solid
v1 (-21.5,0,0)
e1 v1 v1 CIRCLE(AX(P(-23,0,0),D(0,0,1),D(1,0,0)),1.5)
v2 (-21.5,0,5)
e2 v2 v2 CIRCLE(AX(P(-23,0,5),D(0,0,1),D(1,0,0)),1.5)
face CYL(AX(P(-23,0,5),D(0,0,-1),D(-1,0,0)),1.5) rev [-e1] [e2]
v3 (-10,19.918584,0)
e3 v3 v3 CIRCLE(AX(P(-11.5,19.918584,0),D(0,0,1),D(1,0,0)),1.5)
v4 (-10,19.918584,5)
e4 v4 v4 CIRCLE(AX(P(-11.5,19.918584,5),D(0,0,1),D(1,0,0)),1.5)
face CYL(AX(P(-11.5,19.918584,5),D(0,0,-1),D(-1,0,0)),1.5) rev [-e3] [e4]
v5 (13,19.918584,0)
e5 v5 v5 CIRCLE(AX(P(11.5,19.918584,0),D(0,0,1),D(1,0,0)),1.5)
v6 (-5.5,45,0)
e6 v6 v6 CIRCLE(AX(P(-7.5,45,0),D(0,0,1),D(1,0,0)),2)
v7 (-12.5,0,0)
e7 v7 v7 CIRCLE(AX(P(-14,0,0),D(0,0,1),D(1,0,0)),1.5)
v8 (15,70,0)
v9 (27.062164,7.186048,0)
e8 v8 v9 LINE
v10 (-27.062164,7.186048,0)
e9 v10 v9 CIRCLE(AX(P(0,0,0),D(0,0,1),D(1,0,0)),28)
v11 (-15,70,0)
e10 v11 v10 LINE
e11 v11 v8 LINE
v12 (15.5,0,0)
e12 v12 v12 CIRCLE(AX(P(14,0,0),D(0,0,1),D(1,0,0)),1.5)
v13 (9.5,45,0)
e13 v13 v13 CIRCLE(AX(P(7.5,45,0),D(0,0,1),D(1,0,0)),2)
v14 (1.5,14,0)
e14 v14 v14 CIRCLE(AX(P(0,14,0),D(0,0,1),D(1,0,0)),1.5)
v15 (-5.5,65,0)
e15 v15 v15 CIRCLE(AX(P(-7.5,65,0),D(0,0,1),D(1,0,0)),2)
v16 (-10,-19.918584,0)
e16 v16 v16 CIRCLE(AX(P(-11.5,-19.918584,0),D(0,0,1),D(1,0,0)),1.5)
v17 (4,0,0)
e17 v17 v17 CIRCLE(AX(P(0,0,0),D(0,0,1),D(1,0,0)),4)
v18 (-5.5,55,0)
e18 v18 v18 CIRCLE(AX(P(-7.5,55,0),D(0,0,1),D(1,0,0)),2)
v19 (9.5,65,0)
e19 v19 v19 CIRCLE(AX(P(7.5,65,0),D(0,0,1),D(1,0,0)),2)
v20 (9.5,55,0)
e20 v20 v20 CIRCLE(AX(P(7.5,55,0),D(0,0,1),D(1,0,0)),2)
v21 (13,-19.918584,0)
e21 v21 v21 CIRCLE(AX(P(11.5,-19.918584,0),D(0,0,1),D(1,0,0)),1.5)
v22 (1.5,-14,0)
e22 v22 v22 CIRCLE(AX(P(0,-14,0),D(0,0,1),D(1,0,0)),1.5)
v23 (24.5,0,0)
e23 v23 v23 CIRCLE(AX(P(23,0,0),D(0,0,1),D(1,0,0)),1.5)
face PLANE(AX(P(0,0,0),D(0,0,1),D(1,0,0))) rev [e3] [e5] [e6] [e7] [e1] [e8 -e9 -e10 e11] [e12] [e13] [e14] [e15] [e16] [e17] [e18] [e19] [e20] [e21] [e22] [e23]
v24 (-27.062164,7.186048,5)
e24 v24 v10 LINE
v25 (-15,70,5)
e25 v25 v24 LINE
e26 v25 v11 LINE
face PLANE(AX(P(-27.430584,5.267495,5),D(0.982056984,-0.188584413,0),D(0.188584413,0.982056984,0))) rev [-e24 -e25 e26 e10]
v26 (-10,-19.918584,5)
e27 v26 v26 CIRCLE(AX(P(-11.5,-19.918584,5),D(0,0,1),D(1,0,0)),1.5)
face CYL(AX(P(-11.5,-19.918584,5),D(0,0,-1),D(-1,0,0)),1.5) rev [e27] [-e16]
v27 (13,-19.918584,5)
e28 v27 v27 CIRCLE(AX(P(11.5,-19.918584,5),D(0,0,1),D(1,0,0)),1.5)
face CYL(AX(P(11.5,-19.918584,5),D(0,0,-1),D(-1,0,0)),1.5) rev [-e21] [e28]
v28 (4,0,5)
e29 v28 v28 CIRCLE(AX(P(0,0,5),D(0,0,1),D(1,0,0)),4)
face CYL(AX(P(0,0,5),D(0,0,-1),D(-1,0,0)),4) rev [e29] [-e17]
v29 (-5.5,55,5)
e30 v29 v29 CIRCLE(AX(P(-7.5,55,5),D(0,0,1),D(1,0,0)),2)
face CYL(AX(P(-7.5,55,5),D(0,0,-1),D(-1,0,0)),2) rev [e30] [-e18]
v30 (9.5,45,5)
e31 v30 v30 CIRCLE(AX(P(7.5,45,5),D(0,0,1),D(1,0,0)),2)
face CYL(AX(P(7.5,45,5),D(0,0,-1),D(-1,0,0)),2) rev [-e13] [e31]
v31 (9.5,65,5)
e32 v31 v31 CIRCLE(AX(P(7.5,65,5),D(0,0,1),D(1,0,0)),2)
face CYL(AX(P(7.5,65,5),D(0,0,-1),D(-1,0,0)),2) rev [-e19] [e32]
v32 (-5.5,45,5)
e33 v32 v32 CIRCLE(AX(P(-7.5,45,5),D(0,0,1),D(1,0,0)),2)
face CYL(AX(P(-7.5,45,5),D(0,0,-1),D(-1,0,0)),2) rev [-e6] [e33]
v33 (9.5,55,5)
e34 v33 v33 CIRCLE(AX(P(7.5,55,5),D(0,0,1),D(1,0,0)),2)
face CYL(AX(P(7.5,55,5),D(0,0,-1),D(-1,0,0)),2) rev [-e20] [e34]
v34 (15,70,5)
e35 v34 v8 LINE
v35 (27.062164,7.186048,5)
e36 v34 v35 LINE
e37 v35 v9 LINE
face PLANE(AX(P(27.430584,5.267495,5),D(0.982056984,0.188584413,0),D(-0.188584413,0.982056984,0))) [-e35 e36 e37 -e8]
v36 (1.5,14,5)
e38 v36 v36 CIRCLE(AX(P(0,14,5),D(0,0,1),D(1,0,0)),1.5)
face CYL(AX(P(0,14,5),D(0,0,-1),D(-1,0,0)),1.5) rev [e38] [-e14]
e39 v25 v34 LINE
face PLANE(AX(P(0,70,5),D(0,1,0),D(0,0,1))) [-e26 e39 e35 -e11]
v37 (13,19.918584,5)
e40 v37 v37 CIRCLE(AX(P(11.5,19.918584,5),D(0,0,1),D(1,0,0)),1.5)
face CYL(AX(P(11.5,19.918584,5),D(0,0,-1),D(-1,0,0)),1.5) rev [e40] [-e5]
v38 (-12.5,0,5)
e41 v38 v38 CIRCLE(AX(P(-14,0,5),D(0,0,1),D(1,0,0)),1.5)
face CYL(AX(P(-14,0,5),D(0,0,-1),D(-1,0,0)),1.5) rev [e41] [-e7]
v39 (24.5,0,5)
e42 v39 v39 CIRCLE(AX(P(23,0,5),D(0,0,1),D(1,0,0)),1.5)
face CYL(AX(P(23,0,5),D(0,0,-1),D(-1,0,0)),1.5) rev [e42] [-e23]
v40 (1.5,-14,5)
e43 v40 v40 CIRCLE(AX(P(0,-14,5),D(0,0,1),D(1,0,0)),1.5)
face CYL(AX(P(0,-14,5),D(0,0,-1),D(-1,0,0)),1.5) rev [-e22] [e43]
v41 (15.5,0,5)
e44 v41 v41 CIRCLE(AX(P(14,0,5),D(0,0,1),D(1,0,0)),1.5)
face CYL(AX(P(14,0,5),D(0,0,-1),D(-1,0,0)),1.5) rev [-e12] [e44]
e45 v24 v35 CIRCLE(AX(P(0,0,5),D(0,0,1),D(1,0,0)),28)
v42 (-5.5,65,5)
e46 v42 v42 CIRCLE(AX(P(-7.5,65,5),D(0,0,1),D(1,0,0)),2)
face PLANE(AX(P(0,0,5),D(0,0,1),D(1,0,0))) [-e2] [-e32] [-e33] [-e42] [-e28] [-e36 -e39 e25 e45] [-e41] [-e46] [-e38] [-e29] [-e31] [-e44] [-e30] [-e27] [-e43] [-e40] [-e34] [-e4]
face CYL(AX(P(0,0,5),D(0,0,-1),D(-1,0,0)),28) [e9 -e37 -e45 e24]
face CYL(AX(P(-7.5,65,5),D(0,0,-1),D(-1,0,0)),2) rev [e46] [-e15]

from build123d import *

# Parameters (mm, degrees)
SKETCH1_R           = 1.5
SKETCH1_R_2         = 4
SKETCH1_R_3         = 2
BOSS_EXTRUDE1_DEPTH = 5


with BuildPart() as part:
    # Sketch1 → Boss-Extrude1 (new body)
    with BuildSketch(Plane.XY):
        with BuildLine():
            Line((-15, 70), (-27.062163807, 7.186048295))
            ThreePointArc((-27.062163807, 7.186048295), (0, -28), (27.062163807, 7.186048295))
            Line((27.062163807, 7.186048295), (15, 70))
            Line((15, 70), (-15, 70))
        make_face()
        with Locations((-23, 0)):
            Circle(SKETCH1_R, mode=Mode.SUBTRACT)
        with Locations((-14, 0)):
            Circle(SKETCH1_R, mode=Mode.SUBTRACT)
        with Locations((-11.5, -19.918584287)):
            Circle(SKETCH1_R, mode=Mode.SUBTRACT)
        with Locations((0, -14)):
            Circle(SKETCH1_R, mode=Mode.SUBTRACT)
        with Locations((-11.5, 19.918584287)):
            Circle(SKETCH1_R, mode=Mode.SUBTRACT)
        with BuildLine():
            ThreePointArc((0, 12.5), (-1.5, 14), (0, 15.5))
            ThreePointArc((0, 15.5), (1.5, 14), (0, 12.5))
        make_face(mode=Mode.SUBTRACT)
        with Locations((11.5, -19.918584287)):
            Circle(SKETCH1_R, mode=Mode.SUBTRACT)
        Circle(SKETCH1_R_2, mode=Mode.SUBTRACT)
        with Locations((14, 0)):
            Circle(SKETCH1_R, mode=Mode.SUBTRACT)
        with Locations((23, 0)):
            Circle(SKETCH1_R, mode=Mode.SUBTRACT)
        with Locations((11.5, 19.918584287)):
            Circle(SKETCH1_R, mode=Mode.SUBTRACT)
        with Locations((-7.5, 45)):
            Circle(SKETCH1_R_3, mode=Mode.SUBTRACT)
        with Locations((-7.5, 55)):
            Circle(SKETCH1_R_3, mode=Mode.SUBTRACT)
        with Locations((-7.5, 65)):
            Circle(SKETCH1_R_3, mode=Mode.SUBTRACT)
        with Locations((7.5, 65)):
            Circle(SKETCH1_R_3, mode=Mode.SUBTRACT)
        with Locations((7.5, 55)):
            Circle(SKETCH1_R_3, mode=Mode.SUBTRACT)
        with Locations((7.5, 45)):
            Circle(SKETCH1_R_3, mode=Mode.SUBTRACT)
    extrude(amount=BOSS_EXTRUDE1_DEPTH)


solid = part.part
